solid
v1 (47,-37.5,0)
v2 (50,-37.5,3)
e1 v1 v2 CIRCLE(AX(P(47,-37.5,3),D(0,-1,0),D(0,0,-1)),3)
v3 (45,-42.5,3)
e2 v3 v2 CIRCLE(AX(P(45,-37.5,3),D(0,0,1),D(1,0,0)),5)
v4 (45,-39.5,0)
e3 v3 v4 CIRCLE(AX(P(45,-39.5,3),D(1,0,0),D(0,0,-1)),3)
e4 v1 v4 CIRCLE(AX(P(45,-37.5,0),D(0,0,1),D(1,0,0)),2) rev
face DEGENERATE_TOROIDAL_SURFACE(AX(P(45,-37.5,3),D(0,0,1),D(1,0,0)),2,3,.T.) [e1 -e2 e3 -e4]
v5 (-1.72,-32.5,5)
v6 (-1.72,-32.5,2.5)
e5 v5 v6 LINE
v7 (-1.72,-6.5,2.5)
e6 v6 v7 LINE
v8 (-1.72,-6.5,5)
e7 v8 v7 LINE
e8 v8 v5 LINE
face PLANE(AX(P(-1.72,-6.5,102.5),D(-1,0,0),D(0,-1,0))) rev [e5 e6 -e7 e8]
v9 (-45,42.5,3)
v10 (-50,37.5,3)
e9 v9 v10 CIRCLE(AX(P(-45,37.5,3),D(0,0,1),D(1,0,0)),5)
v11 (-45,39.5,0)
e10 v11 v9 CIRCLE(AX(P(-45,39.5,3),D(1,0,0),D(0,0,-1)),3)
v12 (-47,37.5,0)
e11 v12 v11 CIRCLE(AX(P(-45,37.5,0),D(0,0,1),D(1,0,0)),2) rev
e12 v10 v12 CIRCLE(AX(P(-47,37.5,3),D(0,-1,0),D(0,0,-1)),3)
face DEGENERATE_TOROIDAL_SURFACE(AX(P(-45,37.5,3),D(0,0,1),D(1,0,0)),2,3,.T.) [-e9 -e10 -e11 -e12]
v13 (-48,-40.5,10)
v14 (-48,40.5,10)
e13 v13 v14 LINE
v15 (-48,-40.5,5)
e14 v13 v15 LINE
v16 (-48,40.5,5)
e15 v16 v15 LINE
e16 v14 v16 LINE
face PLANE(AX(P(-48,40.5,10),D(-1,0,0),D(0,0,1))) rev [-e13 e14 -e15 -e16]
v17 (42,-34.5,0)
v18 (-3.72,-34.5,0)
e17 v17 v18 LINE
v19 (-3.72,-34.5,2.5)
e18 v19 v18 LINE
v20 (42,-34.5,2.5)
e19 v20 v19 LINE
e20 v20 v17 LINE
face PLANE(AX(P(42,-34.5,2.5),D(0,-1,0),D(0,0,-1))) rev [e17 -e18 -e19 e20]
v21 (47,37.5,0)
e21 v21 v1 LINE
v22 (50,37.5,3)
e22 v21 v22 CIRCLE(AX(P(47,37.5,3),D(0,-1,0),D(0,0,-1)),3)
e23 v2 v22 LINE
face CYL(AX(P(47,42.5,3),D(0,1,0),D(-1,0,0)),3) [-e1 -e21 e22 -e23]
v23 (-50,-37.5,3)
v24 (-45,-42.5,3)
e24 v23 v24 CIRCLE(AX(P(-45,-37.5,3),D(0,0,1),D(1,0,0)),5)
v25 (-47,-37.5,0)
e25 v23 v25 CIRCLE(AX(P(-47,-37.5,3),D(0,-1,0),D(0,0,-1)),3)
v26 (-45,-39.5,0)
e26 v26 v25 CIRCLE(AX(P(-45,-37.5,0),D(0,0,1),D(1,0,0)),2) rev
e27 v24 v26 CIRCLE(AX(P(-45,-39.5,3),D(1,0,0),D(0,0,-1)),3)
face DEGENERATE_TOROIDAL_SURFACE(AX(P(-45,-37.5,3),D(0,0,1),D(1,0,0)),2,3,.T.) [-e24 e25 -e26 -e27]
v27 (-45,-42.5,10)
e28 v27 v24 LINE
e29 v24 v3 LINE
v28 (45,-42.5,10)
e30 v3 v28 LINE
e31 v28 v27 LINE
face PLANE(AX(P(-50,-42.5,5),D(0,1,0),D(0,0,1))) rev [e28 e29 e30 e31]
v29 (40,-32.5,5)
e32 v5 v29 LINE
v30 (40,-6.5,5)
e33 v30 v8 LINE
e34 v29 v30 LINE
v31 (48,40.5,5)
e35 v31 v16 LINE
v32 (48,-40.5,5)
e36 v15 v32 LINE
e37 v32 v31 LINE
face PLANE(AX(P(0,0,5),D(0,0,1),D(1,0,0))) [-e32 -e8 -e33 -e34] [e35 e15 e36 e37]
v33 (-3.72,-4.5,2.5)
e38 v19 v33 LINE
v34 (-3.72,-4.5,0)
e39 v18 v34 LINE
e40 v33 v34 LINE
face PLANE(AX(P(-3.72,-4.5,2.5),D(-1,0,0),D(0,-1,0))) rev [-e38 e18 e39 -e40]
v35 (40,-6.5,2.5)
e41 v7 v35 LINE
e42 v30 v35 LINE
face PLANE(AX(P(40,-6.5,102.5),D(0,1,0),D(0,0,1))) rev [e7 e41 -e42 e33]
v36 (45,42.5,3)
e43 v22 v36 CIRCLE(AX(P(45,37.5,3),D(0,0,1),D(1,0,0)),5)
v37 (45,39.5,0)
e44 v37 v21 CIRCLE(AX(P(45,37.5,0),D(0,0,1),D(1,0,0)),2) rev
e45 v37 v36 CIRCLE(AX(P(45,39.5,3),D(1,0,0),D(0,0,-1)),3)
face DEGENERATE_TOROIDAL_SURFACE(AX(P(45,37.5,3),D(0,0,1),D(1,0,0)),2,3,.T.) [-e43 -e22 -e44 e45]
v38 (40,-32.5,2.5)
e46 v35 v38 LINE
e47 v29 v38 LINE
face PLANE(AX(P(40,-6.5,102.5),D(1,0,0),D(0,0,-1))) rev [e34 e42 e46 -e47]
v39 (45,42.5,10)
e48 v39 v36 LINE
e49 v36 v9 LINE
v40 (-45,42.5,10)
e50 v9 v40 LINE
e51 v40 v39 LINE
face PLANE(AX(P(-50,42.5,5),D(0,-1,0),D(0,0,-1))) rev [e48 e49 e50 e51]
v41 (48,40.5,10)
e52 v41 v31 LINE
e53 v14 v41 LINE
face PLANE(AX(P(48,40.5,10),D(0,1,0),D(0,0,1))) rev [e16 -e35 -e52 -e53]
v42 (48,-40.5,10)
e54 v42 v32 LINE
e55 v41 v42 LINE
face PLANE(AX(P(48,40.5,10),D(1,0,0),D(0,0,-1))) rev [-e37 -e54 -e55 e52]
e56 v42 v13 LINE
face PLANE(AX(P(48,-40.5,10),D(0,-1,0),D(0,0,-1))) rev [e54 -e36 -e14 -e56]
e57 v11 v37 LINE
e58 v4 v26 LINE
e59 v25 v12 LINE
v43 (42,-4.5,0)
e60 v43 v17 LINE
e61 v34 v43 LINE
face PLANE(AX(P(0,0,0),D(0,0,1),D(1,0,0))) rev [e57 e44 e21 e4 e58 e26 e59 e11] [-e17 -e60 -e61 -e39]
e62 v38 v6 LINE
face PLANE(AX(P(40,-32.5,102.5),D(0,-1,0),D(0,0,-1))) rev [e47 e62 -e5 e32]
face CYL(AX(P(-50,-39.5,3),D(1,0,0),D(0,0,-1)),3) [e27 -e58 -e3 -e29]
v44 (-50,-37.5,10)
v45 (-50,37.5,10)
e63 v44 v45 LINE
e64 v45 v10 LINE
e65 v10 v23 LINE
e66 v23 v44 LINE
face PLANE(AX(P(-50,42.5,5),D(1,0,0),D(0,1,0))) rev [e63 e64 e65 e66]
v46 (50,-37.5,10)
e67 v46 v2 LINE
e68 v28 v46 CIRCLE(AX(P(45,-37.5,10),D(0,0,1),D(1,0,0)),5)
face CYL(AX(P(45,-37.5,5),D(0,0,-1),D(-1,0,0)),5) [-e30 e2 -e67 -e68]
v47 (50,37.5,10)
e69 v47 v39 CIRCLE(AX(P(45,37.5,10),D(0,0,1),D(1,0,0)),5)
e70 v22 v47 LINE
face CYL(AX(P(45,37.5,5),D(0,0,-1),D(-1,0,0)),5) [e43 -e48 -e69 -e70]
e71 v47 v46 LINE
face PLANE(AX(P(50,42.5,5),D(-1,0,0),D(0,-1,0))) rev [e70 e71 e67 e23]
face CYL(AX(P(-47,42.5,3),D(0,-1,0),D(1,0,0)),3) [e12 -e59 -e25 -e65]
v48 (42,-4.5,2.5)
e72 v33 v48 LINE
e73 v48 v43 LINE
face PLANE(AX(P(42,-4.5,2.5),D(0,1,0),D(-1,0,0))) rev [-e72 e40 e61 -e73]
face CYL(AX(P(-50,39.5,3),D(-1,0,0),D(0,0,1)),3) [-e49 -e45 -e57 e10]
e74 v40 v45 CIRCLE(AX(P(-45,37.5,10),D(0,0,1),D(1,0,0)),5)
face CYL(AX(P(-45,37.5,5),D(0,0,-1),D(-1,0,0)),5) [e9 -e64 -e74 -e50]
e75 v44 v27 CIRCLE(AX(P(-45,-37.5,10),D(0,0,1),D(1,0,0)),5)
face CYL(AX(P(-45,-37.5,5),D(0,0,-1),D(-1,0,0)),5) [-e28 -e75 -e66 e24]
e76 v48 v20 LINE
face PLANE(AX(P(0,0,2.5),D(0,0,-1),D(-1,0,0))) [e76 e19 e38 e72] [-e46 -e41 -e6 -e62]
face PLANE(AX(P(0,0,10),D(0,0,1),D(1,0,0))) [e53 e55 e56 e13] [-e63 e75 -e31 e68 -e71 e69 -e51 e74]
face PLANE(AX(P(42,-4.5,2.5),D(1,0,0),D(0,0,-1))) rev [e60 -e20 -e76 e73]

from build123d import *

# Parameters (mm, degrees)
SKETCH1_W           = 100
SKETCH1_H           = 85
BOSS_EXTRUDE1_DEPTH = 5
SKETCH4_W           = 100
SKETCH4_H           = 85
SKETCH4_W_2         = 96
SKETCH4_H_2         = 81
BOSS_EXTRUDE3_DEPTH = 10
FILLET1_R           = 5
FILLET2_R           = 3
SKETCH8_W           = 45.72
SKETCH8_H           = 30
CUT_EXTRUDE3_DEPTH  = 2.5
SKETCH9_W           = 41.72
SKETCH9_H           = 26
CUT_EXTRUDE4_DEPTH  = 100


with BuildPart() as part:
    # Sketch1 → Boss-Extrude1 (new body)
    with BuildSketch(Plane.XY):
        Rectangle(SKETCH1_W, SKETCH1_H)
    extrude(amount=BOSS_EXTRUDE1_DEPTH)

    # Sketch4 → Boss-Extrude3 (add)
    with BuildSketch(Plane(origin=(0, 0, 0), x_dir=(-1, 0, 0), z_dir=(0, 0, -1))):
        Rectangle(SKETCH4_W, SKETCH4_H)
        Rectangle(SKETCH4_W_2, SKETCH4_H_2, mode=Mode.SUBTRACT)
    extrude(amount=-BOSS_EXTRUDE3_DEPTH)

    # Fillet1
    fillet1_edges = [part.edges().sort_by_distance(p)[0] for p in [
        (50, -42.5, 5),
        (-50, -42.5, 5),
        (-50, 42.5, 5),
        (50, 42.5, 5),
    ]]
    fillet(fillet1_edges, radius=FILLET1_R)

    # Fillet2
    fillet2_edges = [part.edges().sort_by_distance(p)[0] for p in [
        (0, -42.5, 0),
        (50, 0, 0),
        (-50, 0, 0),
        (0, 42.5, 0),
        (-48.535533906, 41.035533906, 0),
        (48.535533906, 41.035533906, 0),
        (48.535533906, -41.035533906, 0),
        (-48.535533906, -41.035533906, 0),
    ]]
    fillet(fillet2_edges, radius=FILLET2_R)

    # Sketch8 → Cut-Extrude3 (cut)
    with BuildSketch(Plane(origin=(0, 0, 0), x_dir=(-1, 0, 0), z_dir=(0, 0, -1))):
        with Locations((-19.14, -19.5)):
            Rectangle(SKETCH8_W, SKETCH8_H)
    extrude(amount=-CUT_EXTRUDE3_DEPTH, mode=Mode.SUBTRACT)

    # Sketch9 → Cut-Extrude4 (cut)
    with BuildSketch(Plane(origin=(0, 0, 2.5), x_dir=(-1, 0, 0), z_dir=(0, 0, -1))):
        with Locations((-19.14, -19.5)):
            Rectangle(SKETCH9_W, SKETCH9_H)
    extrude(amount=-CUT_EXTRUDE4_DEPTH, mode=Mode.SUBTRACT)


solid = part.part
